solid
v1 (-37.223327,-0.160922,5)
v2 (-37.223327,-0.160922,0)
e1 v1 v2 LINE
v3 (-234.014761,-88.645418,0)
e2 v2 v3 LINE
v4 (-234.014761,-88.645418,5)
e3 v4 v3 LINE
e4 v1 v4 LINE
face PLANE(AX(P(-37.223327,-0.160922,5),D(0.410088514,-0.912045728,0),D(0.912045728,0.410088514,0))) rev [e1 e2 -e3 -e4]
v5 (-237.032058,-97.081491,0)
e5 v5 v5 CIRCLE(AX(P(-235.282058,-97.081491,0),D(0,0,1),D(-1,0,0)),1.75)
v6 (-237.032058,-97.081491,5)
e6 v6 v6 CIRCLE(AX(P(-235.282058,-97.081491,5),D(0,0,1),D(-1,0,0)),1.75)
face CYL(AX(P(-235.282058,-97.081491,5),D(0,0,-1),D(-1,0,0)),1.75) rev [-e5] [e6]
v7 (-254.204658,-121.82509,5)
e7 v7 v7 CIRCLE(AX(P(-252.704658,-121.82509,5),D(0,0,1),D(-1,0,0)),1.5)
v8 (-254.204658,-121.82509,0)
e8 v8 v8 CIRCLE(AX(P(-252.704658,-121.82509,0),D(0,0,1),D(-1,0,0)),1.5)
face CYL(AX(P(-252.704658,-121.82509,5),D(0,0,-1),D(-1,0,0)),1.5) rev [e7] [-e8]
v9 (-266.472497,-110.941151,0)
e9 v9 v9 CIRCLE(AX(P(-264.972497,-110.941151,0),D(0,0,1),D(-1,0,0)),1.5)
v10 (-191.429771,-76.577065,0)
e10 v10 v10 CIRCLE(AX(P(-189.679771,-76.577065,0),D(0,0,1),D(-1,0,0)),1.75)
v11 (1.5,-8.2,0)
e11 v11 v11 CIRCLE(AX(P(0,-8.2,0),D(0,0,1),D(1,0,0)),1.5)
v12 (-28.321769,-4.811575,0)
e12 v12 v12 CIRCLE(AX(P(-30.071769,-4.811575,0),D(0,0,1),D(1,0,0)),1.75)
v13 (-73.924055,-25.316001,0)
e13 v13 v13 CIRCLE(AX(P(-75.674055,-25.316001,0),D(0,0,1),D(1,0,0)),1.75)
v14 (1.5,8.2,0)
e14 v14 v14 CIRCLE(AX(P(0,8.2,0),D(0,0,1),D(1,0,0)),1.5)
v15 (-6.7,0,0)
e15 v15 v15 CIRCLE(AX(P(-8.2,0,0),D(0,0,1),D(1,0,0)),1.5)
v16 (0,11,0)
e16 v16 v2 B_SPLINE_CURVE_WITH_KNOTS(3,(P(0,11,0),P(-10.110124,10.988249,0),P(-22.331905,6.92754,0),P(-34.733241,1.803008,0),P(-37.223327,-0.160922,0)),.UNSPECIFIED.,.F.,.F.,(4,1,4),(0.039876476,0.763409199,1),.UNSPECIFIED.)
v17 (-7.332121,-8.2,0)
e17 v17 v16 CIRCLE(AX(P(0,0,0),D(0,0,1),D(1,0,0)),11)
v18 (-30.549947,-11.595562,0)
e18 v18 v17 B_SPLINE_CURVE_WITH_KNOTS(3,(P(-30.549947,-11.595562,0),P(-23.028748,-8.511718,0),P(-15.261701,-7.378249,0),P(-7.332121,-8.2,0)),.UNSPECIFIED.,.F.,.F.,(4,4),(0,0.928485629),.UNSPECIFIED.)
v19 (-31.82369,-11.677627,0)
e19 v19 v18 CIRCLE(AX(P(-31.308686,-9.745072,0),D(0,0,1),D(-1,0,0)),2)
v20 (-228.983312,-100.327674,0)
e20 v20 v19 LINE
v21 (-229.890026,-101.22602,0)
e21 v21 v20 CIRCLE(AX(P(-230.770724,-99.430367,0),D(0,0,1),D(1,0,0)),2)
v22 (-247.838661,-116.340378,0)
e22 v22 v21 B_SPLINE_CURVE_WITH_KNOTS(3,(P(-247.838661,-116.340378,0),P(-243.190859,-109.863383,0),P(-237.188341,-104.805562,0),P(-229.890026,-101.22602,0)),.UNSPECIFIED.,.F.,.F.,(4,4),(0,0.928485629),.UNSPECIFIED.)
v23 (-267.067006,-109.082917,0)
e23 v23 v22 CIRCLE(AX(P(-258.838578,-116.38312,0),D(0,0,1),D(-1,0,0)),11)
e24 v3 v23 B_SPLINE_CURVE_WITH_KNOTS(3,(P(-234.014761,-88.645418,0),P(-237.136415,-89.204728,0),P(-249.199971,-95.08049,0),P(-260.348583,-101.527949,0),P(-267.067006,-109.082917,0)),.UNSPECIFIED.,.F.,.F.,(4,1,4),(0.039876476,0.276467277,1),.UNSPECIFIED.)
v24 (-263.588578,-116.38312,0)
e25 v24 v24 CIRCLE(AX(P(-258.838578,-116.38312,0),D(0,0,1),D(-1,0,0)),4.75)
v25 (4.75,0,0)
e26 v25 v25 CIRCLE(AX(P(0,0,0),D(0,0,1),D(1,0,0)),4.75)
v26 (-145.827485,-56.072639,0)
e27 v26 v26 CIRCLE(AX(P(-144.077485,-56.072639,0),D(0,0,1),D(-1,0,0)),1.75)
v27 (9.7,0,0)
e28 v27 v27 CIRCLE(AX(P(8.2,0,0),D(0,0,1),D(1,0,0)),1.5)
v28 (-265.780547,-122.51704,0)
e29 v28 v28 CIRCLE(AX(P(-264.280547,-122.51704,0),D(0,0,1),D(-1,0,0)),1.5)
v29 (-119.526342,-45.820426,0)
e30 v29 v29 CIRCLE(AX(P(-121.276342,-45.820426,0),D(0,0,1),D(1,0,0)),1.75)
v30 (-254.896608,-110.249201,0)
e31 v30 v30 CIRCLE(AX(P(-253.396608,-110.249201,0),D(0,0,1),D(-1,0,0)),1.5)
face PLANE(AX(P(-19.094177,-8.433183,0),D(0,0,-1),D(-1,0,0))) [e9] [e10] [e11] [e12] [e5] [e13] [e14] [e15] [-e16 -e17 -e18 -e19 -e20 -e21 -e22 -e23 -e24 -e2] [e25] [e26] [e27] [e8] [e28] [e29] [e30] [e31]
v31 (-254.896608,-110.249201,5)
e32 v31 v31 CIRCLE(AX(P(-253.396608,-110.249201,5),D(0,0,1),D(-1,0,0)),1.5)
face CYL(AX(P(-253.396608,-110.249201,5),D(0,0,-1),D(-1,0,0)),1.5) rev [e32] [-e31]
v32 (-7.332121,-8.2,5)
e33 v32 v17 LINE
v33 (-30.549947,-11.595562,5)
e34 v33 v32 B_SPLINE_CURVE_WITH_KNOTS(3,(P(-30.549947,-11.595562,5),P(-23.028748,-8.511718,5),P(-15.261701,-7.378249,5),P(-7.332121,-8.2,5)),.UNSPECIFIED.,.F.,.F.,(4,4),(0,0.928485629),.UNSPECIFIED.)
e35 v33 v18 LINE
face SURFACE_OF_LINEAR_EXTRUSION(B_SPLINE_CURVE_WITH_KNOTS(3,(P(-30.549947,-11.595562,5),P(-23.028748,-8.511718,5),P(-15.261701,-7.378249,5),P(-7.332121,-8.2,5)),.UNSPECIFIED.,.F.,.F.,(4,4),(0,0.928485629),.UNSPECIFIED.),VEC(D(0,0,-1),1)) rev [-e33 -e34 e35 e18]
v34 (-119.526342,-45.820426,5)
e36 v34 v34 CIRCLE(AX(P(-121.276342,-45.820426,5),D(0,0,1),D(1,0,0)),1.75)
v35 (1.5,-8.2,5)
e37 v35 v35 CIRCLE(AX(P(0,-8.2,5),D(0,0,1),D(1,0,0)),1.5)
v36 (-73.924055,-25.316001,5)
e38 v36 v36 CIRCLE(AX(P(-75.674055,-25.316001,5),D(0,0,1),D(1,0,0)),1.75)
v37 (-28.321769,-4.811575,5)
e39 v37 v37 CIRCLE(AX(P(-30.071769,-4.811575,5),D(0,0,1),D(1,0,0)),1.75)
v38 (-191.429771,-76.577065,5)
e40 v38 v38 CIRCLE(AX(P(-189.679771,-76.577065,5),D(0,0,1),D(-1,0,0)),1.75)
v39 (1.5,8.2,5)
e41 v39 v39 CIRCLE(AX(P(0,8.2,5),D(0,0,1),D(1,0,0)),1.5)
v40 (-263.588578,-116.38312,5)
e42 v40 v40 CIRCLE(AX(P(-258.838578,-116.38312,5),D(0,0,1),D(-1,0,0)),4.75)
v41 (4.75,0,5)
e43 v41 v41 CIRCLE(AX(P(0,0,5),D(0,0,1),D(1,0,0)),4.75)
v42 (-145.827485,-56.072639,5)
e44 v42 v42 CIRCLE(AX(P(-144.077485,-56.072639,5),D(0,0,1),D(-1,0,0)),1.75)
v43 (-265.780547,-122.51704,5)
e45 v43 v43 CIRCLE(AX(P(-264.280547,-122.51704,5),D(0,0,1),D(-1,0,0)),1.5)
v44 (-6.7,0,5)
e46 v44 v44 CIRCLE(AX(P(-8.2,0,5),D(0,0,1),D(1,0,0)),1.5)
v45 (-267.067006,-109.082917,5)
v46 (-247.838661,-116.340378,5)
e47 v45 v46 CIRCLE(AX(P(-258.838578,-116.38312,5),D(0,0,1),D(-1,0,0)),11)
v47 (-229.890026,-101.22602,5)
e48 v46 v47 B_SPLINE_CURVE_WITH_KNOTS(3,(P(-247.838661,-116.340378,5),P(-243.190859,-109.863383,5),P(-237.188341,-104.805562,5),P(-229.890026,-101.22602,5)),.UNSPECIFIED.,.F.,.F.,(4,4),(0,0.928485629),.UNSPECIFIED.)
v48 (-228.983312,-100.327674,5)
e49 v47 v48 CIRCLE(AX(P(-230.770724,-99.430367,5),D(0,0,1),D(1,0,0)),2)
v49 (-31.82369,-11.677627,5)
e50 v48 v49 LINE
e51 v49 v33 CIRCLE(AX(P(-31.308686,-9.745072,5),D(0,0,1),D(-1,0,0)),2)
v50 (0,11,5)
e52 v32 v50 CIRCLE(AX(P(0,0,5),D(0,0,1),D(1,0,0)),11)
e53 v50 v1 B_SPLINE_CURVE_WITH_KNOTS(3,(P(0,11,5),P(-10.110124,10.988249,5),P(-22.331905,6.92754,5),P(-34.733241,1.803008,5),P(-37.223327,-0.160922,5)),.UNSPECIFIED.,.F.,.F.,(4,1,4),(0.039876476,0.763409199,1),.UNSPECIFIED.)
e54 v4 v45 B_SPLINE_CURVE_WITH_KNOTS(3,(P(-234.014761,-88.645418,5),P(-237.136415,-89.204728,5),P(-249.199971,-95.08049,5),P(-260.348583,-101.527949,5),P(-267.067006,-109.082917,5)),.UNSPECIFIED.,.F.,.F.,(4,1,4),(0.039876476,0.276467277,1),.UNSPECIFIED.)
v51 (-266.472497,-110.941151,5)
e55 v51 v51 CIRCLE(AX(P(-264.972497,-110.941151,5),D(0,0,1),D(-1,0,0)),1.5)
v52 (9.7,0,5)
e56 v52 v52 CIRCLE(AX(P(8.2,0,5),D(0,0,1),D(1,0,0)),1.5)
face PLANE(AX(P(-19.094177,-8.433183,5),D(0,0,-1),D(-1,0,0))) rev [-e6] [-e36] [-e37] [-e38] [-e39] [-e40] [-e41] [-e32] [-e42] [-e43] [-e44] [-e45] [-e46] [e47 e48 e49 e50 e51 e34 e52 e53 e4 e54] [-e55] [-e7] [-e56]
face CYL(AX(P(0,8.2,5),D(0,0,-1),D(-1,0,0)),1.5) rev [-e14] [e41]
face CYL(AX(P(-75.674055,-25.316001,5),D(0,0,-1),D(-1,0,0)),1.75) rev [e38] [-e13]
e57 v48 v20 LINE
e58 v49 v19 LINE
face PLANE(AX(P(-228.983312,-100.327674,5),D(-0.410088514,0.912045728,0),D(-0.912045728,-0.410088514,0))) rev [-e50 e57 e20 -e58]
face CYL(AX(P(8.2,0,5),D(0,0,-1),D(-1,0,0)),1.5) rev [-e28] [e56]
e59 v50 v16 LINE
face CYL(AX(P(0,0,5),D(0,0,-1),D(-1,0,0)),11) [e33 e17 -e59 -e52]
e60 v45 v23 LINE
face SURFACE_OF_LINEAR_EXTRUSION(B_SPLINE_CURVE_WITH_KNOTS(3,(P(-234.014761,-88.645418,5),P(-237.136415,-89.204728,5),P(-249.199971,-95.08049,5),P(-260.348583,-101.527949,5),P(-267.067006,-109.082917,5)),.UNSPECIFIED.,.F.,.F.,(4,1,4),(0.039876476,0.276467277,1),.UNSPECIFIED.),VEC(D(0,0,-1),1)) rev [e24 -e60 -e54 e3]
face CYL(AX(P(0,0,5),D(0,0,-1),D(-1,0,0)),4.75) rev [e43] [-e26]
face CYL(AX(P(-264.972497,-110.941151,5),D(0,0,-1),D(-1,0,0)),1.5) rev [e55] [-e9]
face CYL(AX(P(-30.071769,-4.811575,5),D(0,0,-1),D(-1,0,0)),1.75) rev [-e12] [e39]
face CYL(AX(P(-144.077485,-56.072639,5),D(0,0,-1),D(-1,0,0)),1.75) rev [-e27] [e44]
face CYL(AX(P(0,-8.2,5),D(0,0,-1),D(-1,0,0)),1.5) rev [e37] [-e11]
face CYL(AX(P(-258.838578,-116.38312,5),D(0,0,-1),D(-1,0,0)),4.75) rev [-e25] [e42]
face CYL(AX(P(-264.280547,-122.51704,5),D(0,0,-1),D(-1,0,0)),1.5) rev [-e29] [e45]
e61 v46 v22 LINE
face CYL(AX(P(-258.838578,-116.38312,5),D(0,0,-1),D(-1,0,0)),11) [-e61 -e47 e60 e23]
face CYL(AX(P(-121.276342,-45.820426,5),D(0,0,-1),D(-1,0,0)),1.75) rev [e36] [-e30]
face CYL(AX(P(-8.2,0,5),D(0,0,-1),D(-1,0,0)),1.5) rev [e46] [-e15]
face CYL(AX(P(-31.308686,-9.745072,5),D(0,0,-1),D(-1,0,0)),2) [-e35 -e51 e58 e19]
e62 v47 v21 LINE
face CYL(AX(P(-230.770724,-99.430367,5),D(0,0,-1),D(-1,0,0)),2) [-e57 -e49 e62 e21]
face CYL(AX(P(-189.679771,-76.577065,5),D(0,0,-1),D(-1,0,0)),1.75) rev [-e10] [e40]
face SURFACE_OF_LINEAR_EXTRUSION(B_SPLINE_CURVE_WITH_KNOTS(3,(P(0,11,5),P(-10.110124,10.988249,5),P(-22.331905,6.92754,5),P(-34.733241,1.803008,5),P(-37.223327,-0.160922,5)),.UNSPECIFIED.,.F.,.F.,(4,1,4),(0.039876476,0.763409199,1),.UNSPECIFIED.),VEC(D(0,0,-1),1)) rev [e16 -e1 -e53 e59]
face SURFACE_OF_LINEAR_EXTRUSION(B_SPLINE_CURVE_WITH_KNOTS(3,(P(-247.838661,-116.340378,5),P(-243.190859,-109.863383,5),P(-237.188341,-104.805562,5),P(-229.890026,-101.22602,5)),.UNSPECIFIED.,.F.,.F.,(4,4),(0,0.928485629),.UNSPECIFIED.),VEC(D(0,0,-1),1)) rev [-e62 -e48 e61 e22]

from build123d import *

# Parameters (mm, degrees)
SKETCH1_R           = 1.5
SKETCH1_R_2         = 4.75
SKETCH1_R_3         = 1.75
BOSS_EXTRUDE1_DEPTH = 5


with BuildPart() as part:
    # Sketch1 → Boss-Extrude1 (new body)
    with BuildSketch(Plane.XY):
        with BuildLine():
            Line((-228.983312247, -100.327673659), (-31.823690309, -11.677627043))
            ThreePointArc((-31.823690309, -11.677627043), (-31.180096404, -11.740933542), (-30.549947196, -11.595562287))
            add(Edge.make_bspline(
                [(-7.332121112, -8.2), (-15.261701169, -7.378248506), (-23.028748322, -8.511718389), (-30.549947196, -11.595562287)],
                knots=[0, 0, 0, 0, 0.928485629, 0.928485629, 0.928485629, 0.928485629], degree=3))
            ThreePointArc((-7.332121112, -8.2), (10.276186063, -3.924283374), (0, 11))
            add(Edge.make_bspline(
                [(-37.223327458, -0.160922187), (-34.733241197, 1.803007777), (-22.33190483, 6.92754021), (-10.110124034, 10.988248808), (0, 11)],
                knots=[0.039876476, 0.039876476, 0.039876476, 0.039876476, 0.276467277, 1, 1, 1, 1], degree=3))
            Line((-37.223327458, -0.160922187), (-234.014760878, -88.645418023))
            add(Edge.make_bspline(
                [(-234.014760878, -88.645418023), (-237.136414749, -89.204727957), (-249.199971308, -95.080489992), (-260.348583277, -101.527949282), (-267.06700619, -109.08291716)],
                knots=[0.039876476, 0.039876476, 0.039876476, 0.039876476, 0.276467277, 1, 1, 1, 1], degree=3))
            ThreePointArc((-267.06700619, -109.08291716), (-262.722901285, -126.674477262), (-247.838660732, -116.340377524))
            add(Edge.make_bspline(
                [(-247.838660732, -116.340377524), (-243.190858822, -109.863383406), (-237.188340902, -104.805562326), (-229.890025639, -101.226020455)],
                knots=[0, 0, 0, 0, 0.928485629, 0.928485629, 0.928485629, 0.928485629], degree=3))
            ThreePointArc((-229.890025639, -101.226020455), (-229.363080717, -100.851120634), (-228.983312247, -100.327673659))
        make_face()
        with Locations((-8.2, 0)):
            Circle(SKETCH1_R, mode=Mode.SUBTRACT)
        with Locations((0, 8.2)):
            Circle(SKETCH1_R, mode=Mode.SUBTRACT)
        with Locations((0, -8.2)):
            Circle(SKETCH1_R, mode=Mode.SUBTRACT)
        with Locations((8.2, 0)):
            Circle(SKETCH1_R, mode=Mode.SUBTRACT)
        Circle(SKETCH1_R_2, mode=Mode.SUBTRACT)
        with Locations(Location((-258.838577689, -116.383120199, 0), (0, 0, 180))):
            Circle(SKETCH1_R_2, mode=Mode.SUBTRACT)
        with Locations(Location((-264.280547227, -122.517039627, 0), (0, 0, 180))):
            Circle(SKETCH1_R, mode=Mode.SUBTRACT)
        with Locations(Location((-252.704658261, -121.825089736, 0), (0, 0, 180))):
            Circle(SKETCH1_R, mode=Mode.SUBTRACT)
        with Locations(Location((-264.972497117, -110.941150661, 0), (0, 0, 180))):
            Circle(SKETCH1_R, mode=Mode.SUBTRACT)
        with Locations(Location((-253.396608151, -110.249200771, 0), (0, 0, 180))):
            Circle(SKETCH1_R, mode=Mode.SUBTRACT)
        with Locations((-75.674055251, -25.316000748)):
            Circle(SKETCH1_R_3, mode=Mode.SUBTRACT)
        with Locations((-30.071768827, -4.811575057)):
            Circle(SKETCH1_R_3, mode=Mode.SUBTRACT)
        with Locations((-121.276341675, -45.820426439)):
            Circle(SKETCH1_R_3, mode=Mode.SUBTRACT)
        with Locations(Location((-235.282057735, -97.081490667, 0), (0, 0, 180))):
            Circle(SKETCH1_R_3, mode=Mode.SUBTRACT)
        with Locations(Location((-189.679771311, -76.577064976, 0), (0, 0, 180))):
            Circle(SKETCH1_R_3, mode=Mode.SUBTRACT)
        with Locations(Location((-144.077484887, -56.072639285, 0), (0, 0, 180))):
            Circle(SKETCH1_R_3, mode=Mode.SUBTRACT)
    extrude(amount=BOSS_EXTRUDE1_DEPTH)


solid = part.part
